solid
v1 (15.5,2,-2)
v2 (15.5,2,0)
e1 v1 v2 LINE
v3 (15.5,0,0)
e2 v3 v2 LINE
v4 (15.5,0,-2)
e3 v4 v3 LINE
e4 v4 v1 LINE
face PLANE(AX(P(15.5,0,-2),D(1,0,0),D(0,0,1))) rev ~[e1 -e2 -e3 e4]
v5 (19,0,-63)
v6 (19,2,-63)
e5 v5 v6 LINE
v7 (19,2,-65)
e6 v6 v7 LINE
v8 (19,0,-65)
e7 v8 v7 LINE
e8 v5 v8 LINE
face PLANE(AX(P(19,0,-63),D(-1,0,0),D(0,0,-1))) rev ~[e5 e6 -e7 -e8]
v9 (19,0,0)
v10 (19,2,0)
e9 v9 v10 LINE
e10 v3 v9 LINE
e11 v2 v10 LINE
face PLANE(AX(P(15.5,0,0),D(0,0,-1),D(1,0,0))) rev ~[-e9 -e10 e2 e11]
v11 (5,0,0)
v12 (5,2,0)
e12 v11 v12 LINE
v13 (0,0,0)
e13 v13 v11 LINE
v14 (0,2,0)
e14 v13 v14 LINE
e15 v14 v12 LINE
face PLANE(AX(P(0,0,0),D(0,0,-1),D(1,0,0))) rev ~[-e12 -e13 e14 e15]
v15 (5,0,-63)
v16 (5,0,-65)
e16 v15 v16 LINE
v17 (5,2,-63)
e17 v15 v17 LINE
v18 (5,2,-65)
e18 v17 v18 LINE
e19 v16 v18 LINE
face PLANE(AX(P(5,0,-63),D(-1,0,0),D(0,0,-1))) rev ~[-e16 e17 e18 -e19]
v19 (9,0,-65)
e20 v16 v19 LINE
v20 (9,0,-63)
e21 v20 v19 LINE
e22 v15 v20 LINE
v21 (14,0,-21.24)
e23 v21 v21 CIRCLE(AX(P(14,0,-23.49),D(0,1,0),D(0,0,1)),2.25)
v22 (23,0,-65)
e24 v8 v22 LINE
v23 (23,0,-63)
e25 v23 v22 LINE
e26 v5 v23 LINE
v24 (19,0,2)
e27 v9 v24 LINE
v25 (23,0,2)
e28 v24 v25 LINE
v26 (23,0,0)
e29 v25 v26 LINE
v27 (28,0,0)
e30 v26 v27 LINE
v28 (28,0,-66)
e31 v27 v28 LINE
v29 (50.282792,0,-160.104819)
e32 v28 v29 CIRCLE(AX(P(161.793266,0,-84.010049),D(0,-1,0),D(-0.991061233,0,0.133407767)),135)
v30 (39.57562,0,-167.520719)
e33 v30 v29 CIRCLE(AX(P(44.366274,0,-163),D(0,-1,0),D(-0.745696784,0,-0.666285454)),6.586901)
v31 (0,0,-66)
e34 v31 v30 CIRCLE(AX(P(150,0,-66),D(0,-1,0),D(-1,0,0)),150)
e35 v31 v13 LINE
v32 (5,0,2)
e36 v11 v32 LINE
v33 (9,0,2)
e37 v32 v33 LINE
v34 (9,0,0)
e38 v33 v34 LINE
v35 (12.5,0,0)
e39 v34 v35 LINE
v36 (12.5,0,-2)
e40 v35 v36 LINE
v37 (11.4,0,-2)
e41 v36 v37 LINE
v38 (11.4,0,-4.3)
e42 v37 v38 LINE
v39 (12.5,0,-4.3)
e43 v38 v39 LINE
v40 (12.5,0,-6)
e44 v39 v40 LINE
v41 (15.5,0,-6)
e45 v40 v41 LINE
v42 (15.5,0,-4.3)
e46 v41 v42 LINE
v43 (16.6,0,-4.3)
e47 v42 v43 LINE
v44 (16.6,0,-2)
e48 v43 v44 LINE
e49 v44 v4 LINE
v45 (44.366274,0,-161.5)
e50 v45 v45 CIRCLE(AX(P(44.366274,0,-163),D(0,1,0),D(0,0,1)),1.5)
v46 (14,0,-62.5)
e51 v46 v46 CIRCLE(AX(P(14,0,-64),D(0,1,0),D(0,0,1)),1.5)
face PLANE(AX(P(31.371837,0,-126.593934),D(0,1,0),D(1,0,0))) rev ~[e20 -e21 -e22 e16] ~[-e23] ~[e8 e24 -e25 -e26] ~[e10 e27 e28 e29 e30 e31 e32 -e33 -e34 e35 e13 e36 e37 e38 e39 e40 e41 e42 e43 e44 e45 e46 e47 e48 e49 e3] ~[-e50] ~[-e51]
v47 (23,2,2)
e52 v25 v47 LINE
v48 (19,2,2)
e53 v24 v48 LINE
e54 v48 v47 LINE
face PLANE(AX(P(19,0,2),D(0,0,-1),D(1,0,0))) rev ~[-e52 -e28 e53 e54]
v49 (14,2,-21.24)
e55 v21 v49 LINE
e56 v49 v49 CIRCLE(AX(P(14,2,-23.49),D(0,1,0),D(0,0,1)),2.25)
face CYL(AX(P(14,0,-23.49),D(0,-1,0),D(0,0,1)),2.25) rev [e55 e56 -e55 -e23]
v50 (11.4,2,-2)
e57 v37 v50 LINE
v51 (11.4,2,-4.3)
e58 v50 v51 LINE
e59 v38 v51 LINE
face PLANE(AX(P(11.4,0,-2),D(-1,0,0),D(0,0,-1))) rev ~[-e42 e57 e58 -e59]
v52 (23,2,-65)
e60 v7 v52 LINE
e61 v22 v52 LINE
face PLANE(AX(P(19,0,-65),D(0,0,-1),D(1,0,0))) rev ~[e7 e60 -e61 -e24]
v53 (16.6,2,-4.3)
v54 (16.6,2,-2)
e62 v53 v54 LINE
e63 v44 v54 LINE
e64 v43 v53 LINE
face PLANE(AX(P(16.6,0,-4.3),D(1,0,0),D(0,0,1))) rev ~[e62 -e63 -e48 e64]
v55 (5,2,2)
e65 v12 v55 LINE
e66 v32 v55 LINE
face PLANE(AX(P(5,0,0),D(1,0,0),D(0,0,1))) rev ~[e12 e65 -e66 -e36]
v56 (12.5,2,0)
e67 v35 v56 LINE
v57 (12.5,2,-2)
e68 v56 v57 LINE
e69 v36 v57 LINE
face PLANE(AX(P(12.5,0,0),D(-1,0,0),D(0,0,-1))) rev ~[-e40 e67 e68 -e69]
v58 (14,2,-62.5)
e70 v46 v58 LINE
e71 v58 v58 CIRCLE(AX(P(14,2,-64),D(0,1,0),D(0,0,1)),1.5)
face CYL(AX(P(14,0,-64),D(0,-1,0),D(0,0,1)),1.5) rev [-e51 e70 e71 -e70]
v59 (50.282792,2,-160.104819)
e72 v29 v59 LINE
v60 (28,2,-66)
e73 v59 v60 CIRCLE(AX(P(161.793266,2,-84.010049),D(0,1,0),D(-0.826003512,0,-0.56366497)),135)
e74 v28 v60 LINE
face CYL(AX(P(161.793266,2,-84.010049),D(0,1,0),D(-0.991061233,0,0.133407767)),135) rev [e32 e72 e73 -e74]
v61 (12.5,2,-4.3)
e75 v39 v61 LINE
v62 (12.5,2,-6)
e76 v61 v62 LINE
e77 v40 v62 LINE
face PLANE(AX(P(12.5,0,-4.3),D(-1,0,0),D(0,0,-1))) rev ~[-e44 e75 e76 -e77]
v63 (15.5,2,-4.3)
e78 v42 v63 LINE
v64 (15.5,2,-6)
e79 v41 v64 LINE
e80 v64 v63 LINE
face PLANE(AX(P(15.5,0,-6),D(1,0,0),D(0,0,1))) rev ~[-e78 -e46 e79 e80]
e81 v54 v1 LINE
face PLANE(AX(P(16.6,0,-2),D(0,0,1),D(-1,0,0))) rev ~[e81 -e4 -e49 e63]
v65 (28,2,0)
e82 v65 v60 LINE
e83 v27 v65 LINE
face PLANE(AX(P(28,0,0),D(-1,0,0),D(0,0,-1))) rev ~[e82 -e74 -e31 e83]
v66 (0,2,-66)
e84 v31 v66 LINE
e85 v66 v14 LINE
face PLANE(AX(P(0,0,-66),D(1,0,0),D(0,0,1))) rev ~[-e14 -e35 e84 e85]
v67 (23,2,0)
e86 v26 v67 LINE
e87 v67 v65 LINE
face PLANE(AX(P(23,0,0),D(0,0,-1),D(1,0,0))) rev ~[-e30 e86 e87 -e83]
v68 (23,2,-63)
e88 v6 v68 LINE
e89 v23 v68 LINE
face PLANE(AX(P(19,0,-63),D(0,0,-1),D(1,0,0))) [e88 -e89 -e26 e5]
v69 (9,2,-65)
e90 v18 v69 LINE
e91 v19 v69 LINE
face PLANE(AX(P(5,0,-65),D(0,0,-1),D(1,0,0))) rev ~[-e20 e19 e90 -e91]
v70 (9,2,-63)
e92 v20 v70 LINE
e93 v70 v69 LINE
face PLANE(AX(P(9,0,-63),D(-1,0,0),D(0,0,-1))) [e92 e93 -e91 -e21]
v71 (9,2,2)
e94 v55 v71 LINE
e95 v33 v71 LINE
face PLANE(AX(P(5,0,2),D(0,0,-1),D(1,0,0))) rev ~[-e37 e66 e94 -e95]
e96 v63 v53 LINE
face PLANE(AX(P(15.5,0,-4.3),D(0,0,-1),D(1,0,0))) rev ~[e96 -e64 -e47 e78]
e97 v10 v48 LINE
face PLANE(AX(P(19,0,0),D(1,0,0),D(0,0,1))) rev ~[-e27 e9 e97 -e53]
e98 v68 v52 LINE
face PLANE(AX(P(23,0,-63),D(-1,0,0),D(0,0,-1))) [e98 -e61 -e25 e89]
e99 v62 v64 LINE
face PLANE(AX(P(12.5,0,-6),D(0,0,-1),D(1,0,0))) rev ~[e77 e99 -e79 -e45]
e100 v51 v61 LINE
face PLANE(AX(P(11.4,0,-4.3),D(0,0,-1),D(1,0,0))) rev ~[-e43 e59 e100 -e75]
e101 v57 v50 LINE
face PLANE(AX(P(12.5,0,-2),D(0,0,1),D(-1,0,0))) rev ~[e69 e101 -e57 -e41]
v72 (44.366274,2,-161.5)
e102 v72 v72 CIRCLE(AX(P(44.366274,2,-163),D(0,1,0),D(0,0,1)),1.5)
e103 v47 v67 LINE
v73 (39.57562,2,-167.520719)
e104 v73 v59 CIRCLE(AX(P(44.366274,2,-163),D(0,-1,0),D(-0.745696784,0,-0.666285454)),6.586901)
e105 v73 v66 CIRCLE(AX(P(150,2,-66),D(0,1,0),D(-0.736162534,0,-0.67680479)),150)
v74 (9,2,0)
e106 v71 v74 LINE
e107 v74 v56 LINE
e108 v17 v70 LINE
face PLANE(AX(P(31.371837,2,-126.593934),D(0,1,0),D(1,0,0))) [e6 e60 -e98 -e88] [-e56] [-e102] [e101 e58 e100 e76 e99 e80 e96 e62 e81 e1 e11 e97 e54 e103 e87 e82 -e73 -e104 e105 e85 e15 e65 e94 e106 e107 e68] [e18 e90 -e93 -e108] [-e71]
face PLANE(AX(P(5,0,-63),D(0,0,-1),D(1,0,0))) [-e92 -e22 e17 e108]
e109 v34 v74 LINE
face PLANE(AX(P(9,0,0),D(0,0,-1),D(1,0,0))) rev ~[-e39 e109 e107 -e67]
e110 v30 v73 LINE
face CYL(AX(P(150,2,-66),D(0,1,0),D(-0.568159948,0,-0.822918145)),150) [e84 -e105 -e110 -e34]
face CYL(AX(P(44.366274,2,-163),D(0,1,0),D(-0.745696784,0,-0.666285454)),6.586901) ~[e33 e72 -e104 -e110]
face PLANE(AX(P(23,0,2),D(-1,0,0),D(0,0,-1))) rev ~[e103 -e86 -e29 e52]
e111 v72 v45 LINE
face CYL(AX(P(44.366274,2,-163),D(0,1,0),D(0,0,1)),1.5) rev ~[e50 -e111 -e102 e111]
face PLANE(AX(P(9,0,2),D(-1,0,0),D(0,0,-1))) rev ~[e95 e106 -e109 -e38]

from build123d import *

# Parameters (mm, degrees)
SKETCH1_R           = 1.5
SKETCH1_R_2         = 2.25
SKETCH1_W           = 4
SKETCH1_H           = 2
BOSS_EXTRUDE1_DEPTH = 2
BOSS_EXTRUDE2_DEPTH = 2
SKETCH4_R           = 1.5
CUT_EXTRUDE1_DEPTH  = 2


with BuildPart() as part:
    # Sketch1 → Boss-Extrude1 (new body)
    with BuildSketch(Plane(origin=(0, 0, 0), x_dir=(1, 0, 0), z_dir=(0, 1, 0))):
        Polygon((0, 0), (5, 0), (5, -2), (9, -2), (9, 0), (12.5, 0), (12.5, 2), (11.4, 2), (11.4, 4.3), (12.5, 4.3), (12.5, 6), (15.5, 6), (15.5, 4.3), (16.6, 4.3), (16.6, 2), (15.5, 2), (15.5, 0), (19, 0), (19, -2), (23, -2), (23, 0), (28, 0), (28, 66), (0, 66), align=None)
        with Locations(Location((14, 64, 0), (0, 0, 270))):
            Circle(SKETCH1_R, mode=Mode.SUBTRACT)
        with Locations(Location((14, 23.49, 0), (0, 0, 270))):
            Circle(SKETCH1_R_2, mode=Mode.SUBTRACT)
        with Locations((7, 64)):
            Rectangle(SKETCH1_W, SKETCH1_H, mode=Mode.SUBTRACT)
        with Locations((21, 64)):
            Rectangle(SKETCH1_W, SKETCH1_H, mode=Mode.SUBTRACT)
    extrude(amount=BOSS_EXTRUDE1_DEPTH)

    # Sketch2 → Boss-Extrude2 (add)
    with BuildSketch(Plane(origin=(0, 2, 0), x_dir=(1, 0, 0), z_dir=(0, 1, 0))):
        with BuildLine():
            Line((0, 66), (28, 66))
            ThreePointArc((28, 66), (34.819271185, 129.864214399), (70.378490249, 183.349560802))
            ThreePointArc((70.378490249, 183.349560802), (70.223472253, 188.82876401), (64.776007814, 189.43772177))
            ThreePointArc((64.776007814, 189.43772177), (17.177564343, 135.700793296), (0, 66))
        make_face()
    extrude(amount=-BOSS_EXTRUDE2_DEPTH)

    # Sketch4 → Cut-Extrude1 (cut)
    with BuildSketch(Plane(origin=(0, 2, 0), x_dir=(1, 0, 0), z_dir=(0, 1, 0))):
        with Locations(Location((44.36627387, 163, 0), (0, 0, 270))):
            Circle(SKETCH4_R)
        with BuildLine():
            Line((49.278104547, 158.611243867), (90.336581865, 196.333434103))
            Line((90.336581865, 196.333434103), (75.550012159, 212.427781571))
            Line((75.550012159, 212.427781571), (35.469078733, 175.603702981))
            Line((35.469078733, 175.603702981), (39.454443193, 167.388756133))
            ThreePointArc((39.454443193, 167.388756133), (48.755030003, 167.911830677), (49.278104547, 158.611243867))
        make_face()
    extrude(amount=-CUT_EXTRUDE1_DEPTH, mode=Mode.SUBTRACT)


solid = part.part
